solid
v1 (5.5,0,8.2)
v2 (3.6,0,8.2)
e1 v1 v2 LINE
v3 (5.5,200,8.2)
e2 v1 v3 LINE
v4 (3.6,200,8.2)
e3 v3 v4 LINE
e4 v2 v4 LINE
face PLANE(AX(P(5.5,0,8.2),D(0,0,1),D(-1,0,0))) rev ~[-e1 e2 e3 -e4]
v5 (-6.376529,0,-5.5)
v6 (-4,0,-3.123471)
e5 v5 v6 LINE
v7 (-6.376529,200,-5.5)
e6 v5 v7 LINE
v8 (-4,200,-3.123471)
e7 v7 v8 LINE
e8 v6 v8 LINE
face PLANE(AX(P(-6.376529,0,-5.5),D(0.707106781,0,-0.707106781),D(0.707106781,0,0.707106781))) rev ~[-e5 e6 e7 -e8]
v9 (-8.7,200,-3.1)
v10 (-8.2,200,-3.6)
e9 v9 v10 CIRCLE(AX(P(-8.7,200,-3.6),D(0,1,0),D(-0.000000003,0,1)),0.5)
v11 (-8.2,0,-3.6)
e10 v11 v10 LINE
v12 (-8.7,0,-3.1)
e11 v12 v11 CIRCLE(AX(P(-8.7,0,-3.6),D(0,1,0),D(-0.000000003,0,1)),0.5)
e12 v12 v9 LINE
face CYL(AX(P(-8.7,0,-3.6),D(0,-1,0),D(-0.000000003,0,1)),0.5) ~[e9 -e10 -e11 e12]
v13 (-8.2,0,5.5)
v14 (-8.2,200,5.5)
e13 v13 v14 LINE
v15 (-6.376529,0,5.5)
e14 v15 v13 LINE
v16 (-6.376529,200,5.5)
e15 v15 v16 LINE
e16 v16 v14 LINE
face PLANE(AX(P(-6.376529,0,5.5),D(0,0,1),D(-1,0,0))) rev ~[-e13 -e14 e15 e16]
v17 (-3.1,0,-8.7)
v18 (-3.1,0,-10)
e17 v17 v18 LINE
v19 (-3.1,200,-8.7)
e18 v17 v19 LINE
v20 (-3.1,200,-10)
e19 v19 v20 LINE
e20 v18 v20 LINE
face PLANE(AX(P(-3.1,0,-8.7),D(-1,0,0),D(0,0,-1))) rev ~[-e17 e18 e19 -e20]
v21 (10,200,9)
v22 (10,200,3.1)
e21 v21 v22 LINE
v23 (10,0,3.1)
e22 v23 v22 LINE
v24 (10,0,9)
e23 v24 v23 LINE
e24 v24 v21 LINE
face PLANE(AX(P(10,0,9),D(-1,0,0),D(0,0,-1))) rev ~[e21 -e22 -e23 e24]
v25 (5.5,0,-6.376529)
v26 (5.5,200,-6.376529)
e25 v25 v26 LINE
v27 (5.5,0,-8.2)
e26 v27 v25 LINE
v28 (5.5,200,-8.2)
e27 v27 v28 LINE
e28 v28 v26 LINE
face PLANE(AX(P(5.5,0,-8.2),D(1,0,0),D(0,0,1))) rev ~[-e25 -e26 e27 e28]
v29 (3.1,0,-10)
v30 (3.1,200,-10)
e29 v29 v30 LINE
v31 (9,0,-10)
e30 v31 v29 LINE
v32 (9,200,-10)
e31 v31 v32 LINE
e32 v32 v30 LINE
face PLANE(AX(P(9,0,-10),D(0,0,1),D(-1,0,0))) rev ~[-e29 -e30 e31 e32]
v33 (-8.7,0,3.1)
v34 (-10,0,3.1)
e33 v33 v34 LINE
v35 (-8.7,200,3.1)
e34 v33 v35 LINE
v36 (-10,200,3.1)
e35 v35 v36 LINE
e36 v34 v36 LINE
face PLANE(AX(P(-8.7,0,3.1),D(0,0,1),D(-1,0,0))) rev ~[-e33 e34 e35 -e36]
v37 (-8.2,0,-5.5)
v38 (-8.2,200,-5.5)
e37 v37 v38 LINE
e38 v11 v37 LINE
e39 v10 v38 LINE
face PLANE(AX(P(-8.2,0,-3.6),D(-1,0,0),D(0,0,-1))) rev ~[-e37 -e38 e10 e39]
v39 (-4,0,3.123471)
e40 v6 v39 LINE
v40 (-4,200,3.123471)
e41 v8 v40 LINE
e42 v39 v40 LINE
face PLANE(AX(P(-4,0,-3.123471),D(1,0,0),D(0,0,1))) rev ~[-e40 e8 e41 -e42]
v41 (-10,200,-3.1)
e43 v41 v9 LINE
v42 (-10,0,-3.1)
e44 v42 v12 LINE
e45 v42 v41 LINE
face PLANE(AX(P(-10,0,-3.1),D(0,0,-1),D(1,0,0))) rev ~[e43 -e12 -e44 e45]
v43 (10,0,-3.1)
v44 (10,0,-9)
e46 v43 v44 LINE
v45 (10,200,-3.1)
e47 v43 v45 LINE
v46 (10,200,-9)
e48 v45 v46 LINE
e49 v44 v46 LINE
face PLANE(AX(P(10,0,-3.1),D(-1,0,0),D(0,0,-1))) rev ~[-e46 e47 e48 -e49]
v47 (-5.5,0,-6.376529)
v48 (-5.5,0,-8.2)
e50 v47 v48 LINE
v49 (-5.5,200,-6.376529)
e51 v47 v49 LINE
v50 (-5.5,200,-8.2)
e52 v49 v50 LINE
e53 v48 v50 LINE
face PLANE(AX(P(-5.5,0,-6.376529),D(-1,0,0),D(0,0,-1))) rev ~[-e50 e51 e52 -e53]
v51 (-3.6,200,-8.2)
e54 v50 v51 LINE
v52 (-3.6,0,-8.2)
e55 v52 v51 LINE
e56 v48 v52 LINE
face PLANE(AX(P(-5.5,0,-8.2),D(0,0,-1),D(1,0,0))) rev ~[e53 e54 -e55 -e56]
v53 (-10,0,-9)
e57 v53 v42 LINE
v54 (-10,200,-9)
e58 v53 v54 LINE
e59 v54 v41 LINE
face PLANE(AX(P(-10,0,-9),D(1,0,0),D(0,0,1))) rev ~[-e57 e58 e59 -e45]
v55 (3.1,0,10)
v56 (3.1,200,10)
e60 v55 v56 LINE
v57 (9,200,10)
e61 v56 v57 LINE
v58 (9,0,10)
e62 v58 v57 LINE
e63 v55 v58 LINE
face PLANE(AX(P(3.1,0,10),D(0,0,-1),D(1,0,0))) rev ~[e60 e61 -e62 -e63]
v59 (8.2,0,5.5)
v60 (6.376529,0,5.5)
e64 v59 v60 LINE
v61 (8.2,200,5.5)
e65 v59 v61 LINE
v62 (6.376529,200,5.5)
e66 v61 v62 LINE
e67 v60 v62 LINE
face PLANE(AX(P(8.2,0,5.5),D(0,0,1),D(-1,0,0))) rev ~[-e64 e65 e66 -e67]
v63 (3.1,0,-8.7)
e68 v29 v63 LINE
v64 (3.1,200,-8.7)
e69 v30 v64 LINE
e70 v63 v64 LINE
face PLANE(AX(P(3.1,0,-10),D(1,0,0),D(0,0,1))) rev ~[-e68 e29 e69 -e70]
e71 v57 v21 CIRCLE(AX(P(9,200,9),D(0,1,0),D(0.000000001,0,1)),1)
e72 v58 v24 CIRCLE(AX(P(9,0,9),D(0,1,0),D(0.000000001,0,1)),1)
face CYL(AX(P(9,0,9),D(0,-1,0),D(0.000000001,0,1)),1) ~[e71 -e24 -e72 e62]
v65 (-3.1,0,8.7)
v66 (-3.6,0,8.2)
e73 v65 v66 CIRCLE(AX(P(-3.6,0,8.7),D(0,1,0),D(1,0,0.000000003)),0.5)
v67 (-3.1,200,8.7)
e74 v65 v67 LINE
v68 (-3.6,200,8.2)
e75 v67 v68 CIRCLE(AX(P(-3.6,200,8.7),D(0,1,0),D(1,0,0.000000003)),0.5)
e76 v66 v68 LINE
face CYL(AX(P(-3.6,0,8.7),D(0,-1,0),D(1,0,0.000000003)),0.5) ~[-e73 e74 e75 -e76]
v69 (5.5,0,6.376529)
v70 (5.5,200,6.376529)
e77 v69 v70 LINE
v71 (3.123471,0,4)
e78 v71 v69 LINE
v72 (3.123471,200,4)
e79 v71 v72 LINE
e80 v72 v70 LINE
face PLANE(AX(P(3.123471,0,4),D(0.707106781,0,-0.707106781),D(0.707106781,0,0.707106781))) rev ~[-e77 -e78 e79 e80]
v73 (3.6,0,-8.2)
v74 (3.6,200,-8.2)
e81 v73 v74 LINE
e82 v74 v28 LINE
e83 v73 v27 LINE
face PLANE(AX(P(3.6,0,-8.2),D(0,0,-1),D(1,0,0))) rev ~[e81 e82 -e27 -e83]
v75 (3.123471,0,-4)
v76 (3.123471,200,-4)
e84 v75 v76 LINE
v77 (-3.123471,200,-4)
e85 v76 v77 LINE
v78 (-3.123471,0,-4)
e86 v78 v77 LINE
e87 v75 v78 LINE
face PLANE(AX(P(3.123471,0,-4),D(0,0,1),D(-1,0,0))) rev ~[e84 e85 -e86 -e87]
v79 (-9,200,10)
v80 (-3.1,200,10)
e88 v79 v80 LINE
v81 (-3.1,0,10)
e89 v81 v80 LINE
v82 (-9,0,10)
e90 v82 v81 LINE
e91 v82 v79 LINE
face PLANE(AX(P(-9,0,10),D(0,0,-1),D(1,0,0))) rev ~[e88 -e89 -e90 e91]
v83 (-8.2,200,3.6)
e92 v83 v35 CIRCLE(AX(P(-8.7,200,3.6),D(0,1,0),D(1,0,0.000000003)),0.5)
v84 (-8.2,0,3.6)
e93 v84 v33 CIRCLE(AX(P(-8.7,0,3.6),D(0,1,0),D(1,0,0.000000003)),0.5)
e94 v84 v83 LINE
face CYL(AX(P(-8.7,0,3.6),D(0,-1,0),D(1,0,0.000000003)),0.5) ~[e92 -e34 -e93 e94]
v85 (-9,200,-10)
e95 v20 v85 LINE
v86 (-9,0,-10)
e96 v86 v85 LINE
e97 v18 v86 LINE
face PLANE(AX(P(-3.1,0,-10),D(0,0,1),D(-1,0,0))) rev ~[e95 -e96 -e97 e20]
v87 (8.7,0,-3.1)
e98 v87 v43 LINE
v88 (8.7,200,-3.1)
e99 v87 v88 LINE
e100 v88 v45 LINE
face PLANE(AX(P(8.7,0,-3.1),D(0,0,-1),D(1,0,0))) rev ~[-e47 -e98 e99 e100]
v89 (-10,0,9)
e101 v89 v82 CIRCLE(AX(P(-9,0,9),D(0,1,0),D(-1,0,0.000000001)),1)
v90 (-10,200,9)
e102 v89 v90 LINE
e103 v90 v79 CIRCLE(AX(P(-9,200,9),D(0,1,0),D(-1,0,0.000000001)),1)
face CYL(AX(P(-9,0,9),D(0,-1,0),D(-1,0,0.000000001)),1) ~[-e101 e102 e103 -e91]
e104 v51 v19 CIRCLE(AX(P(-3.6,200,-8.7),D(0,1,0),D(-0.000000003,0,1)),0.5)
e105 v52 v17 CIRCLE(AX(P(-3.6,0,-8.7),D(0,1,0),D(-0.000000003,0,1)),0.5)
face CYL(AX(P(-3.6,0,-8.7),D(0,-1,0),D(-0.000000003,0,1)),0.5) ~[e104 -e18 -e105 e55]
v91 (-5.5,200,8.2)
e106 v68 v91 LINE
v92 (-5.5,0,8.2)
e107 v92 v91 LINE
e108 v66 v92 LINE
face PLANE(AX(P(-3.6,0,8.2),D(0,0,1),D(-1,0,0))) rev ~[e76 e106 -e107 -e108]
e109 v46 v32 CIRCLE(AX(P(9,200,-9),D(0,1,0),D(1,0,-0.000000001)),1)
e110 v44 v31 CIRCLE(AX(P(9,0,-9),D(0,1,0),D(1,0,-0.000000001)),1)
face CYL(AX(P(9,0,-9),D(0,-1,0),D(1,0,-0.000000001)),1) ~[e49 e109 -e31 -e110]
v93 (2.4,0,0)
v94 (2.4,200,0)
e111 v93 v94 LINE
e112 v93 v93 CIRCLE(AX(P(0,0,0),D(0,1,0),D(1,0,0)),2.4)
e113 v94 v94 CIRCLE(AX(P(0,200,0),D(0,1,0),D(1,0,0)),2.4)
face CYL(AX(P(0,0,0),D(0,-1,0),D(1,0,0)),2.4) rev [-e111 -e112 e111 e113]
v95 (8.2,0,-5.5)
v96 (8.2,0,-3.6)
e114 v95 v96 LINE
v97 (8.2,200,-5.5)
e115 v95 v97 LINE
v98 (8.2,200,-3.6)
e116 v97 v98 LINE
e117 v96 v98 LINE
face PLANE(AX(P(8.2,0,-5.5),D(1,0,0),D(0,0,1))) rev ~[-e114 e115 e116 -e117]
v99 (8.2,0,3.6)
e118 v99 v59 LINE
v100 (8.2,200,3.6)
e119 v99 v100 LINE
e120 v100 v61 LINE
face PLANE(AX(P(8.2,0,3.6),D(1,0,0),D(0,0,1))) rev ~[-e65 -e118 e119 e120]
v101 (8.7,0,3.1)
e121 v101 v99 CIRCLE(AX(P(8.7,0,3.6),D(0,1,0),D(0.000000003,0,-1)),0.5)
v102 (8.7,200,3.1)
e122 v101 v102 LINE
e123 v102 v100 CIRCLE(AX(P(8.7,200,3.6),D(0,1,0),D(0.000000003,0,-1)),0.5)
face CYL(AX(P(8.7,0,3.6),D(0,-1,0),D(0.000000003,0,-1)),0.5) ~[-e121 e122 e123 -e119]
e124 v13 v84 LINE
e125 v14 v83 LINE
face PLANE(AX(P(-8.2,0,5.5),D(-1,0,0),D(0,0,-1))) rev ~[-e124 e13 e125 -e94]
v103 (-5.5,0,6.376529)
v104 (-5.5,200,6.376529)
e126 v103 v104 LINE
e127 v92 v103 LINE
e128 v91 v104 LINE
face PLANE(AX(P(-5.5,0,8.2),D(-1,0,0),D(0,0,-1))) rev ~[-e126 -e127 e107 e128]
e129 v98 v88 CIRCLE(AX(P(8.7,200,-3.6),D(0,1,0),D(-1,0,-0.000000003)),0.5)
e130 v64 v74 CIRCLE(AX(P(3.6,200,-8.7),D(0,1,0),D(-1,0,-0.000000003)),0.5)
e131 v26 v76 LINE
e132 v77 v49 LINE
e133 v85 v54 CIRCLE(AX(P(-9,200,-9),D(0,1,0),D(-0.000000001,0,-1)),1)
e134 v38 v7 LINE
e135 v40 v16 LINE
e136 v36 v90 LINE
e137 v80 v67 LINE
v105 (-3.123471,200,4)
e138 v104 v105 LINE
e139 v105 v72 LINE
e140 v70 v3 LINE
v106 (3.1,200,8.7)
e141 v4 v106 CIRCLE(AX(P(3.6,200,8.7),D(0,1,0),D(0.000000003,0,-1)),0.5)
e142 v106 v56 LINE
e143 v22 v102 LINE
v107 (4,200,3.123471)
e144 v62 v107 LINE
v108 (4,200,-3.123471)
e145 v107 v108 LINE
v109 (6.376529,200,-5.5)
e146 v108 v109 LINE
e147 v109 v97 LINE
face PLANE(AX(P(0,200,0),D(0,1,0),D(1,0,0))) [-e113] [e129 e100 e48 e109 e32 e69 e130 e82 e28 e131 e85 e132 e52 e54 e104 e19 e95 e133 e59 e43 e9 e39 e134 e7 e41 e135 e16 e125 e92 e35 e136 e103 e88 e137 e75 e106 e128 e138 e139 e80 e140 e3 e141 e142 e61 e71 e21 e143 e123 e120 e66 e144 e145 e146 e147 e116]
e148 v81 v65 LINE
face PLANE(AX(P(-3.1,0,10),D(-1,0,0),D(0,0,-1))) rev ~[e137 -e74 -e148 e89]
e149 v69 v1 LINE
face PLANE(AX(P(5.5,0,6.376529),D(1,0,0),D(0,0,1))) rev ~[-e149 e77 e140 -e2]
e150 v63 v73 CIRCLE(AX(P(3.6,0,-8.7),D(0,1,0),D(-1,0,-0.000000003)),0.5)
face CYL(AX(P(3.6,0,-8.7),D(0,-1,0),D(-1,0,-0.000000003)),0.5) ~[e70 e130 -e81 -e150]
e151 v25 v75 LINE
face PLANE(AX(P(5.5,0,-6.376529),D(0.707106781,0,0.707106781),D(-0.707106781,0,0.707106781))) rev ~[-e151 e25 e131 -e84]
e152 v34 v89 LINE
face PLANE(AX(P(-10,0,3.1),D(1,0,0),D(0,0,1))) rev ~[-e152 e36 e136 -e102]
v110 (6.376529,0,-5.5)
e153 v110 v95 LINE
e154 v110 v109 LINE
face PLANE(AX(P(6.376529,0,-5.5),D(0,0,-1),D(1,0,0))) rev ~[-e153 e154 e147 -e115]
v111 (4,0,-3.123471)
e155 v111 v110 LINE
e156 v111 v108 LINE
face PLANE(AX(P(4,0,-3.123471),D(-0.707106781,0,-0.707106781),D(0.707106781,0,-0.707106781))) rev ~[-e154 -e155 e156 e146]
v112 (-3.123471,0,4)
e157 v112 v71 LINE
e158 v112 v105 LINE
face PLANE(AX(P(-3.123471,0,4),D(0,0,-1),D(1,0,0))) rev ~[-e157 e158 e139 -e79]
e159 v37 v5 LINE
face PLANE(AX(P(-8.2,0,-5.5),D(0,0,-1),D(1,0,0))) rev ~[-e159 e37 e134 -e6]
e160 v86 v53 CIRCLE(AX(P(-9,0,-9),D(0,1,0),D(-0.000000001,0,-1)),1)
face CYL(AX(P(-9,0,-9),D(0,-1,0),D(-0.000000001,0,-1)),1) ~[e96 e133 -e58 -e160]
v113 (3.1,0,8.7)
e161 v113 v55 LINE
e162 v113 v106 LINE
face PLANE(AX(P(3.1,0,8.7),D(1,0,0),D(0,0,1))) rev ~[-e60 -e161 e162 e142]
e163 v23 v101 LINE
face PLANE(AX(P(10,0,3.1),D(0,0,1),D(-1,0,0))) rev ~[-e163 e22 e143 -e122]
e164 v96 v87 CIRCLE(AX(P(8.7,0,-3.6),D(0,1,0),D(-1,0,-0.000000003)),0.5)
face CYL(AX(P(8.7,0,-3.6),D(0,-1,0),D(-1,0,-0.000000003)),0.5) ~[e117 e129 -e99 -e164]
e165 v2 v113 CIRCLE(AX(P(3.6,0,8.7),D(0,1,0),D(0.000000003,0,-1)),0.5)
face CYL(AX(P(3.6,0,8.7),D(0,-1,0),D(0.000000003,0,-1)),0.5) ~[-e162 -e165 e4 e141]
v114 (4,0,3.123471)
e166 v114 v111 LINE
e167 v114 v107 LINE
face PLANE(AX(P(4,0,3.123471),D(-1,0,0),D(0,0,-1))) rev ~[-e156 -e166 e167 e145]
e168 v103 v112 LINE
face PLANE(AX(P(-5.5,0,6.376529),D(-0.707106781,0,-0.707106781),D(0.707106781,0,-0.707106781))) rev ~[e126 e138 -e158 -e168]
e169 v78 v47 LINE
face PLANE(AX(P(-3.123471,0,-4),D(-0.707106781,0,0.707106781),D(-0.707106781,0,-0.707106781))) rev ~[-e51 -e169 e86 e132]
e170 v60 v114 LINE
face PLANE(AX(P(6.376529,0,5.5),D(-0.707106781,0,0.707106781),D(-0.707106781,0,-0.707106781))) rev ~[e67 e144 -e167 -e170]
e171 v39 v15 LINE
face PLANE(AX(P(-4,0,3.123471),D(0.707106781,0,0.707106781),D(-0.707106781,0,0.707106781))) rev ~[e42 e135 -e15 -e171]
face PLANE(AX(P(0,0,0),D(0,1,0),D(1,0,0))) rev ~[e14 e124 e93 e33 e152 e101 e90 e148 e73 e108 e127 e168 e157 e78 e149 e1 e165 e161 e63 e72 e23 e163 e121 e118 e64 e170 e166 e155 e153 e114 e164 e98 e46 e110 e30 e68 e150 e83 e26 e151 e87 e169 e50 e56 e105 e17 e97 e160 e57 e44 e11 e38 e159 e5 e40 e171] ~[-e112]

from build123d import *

# Parameters (mm, degrees)
SKETCH1_R           = 2.4
BOSS_EXTRUDE1_DEPTH = 200


with BuildPart() as part:
    # Sketch1 → Boss-Extrude1 (new body)
    with BuildSketch(Plane(origin=(0, 0, 0), x_dir=(1, 0, 0), z_dir=(0, 1, 0))):
        with BuildLine():
            ThreePointArc((-10, -9), (-9.707106781, -9.707106781), (-9, -10))
            Line((-9, -10), (-3.1, -10))
            Line((-3.1, -10), (-3.1, -8.7))
            ThreePointArc((-3.1, -8.7), (-3.246446609, -8.346446609), (-3.6, -8.2))
            Line((-3.6, -8.2), (-5.5, -8.2))
            Line((-5.5, -8.2), (-5.5, -6.376528763))
            Line((-5.5, -6.376528763), (-3.123471237, -4))
            Line((-3.123471237, -4), (0, -4))
            Line((0, -4), (3.123471237, -4))
            Line((3.123471237, -4), (5.5, -6.376528763))
            Line((5.5, -6.376528763), (5.5, -8.2))
            Line((5.5, -8.2), (3.6, -8.2))
            ThreePointArc((3.6, -8.2), (3.246446609, -8.346446609), (3.1, -8.7))
            Line((3.1, -8.7), (3.1, -10))
            Line((3.1, -10), (9, -10))
            ThreePointArc((9, -10), (9.707106781, -9.707106781), (10, -9))
            Line((10, -9), (10, -3.1))
            Line((10, -3.1), (8.7, -3.1))
            ThreePointArc((8.7, -3.1), (8.346446609, -3.246446609), (8.2, -3.6))
            Line((8.2, -3.6), (8.2, -5.5))
            Line((8.2, -5.5), (6.376528763, -5.5))
            Line((6.376528763, -5.5), (4, -3.123471237))
            Line((4, -3.123471237), (4, 0))
            Line((4, 0), (4, 3.123471237))
            Line((4, 3.123471237), (6.376528763, 5.5))
            Line((6.376528763, 5.5), (8.2, 5.5))
            Line((8.2, 5.5), (8.2, 3.6))
            ThreePointArc((8.2, 3.6), (8.346446609, 3.246446609), (8.7, 3.1))
            Line((8.7, 3.1), (10, 3.1))
            Line((10, 3.1), (10, 9))
            ThreePointArc((10, 9), (9.707106781, 9.707106781), (9, 10))
            Line((9, 10), (3.1, 10))
            Line((3.1, 10), (3.1, 8.7))
            ThreePointArc((3.1, 8.7), (3.246446609, 8.346446609), (3.6, 8.2))
            Line((3.6, 8.2), (5.5, 8.2))
            Line((5.5, 8.2), (5.5, 6.376528763))
            Line((5.5, 6.376528763), (3.123471237, 4))
            Line((3.123471237, 4), (0, 4))
            Line((0, 4), (-3.123471237, 4))
            Line((-3.123471237, 4), (-5.5, 6.376528763))
            Line((-5.5, 6.376528763), (-5.5, 8.2))
            Line((-5.5, 8.2), (-3.6, 8.2))
            ThreePointArc((-3.6, 8.2), (-3.246446609, 8.346446609), (-3.1, 8.7))
            Line((-3.1, 8.7), (-3.1, 10))
            Line((-3.1, 10), (-9, 10))
            ThreePointArc((-9, 10), (-9.707106781, 9.707106781), (-10, 9))
            Line((-10, 9), (-10, 3.1))
            Line((-10, 3.1), (-8.7, 3.1))
            ThreePointArc((-8.7, 3.1), (-8.346446609, 3.246446609), (-8.2, 3.6))
            Line((-8.2, 3.6), (-8.2, 5.5))
            Line((-8.2, 5.5), (-6.376528763, 5.5))
            Line((-6.376528763, 5.5), (-4, 3.123471237))
            Line((-4, 3.123471237), (-4, 0))
            Line((-4, 0), (-4, -3.123471237))
            Line((-4, -3.123471237), (-6.376528763, -5.5))
            Line((-6.376528763, -5.5), (-8.2, -5.5))
            Line((-8.2, -5.5), (-8.2, -3.6))
            ThreePointArc((-8.2, -3.6), (-8.346446609, -3.246446609), (-8.7, -3.1))
            Line((-8.7, -3.1), (-10, -3.1))
            Line((-10, -3.1), (-10, -9))
        make_face()
        Circle(SKETCH1_R, mode=Mode.SUBTRACT)
    extrude(amount=BOSS_EXTRUDE1_DEPTH)


solid = part.part
